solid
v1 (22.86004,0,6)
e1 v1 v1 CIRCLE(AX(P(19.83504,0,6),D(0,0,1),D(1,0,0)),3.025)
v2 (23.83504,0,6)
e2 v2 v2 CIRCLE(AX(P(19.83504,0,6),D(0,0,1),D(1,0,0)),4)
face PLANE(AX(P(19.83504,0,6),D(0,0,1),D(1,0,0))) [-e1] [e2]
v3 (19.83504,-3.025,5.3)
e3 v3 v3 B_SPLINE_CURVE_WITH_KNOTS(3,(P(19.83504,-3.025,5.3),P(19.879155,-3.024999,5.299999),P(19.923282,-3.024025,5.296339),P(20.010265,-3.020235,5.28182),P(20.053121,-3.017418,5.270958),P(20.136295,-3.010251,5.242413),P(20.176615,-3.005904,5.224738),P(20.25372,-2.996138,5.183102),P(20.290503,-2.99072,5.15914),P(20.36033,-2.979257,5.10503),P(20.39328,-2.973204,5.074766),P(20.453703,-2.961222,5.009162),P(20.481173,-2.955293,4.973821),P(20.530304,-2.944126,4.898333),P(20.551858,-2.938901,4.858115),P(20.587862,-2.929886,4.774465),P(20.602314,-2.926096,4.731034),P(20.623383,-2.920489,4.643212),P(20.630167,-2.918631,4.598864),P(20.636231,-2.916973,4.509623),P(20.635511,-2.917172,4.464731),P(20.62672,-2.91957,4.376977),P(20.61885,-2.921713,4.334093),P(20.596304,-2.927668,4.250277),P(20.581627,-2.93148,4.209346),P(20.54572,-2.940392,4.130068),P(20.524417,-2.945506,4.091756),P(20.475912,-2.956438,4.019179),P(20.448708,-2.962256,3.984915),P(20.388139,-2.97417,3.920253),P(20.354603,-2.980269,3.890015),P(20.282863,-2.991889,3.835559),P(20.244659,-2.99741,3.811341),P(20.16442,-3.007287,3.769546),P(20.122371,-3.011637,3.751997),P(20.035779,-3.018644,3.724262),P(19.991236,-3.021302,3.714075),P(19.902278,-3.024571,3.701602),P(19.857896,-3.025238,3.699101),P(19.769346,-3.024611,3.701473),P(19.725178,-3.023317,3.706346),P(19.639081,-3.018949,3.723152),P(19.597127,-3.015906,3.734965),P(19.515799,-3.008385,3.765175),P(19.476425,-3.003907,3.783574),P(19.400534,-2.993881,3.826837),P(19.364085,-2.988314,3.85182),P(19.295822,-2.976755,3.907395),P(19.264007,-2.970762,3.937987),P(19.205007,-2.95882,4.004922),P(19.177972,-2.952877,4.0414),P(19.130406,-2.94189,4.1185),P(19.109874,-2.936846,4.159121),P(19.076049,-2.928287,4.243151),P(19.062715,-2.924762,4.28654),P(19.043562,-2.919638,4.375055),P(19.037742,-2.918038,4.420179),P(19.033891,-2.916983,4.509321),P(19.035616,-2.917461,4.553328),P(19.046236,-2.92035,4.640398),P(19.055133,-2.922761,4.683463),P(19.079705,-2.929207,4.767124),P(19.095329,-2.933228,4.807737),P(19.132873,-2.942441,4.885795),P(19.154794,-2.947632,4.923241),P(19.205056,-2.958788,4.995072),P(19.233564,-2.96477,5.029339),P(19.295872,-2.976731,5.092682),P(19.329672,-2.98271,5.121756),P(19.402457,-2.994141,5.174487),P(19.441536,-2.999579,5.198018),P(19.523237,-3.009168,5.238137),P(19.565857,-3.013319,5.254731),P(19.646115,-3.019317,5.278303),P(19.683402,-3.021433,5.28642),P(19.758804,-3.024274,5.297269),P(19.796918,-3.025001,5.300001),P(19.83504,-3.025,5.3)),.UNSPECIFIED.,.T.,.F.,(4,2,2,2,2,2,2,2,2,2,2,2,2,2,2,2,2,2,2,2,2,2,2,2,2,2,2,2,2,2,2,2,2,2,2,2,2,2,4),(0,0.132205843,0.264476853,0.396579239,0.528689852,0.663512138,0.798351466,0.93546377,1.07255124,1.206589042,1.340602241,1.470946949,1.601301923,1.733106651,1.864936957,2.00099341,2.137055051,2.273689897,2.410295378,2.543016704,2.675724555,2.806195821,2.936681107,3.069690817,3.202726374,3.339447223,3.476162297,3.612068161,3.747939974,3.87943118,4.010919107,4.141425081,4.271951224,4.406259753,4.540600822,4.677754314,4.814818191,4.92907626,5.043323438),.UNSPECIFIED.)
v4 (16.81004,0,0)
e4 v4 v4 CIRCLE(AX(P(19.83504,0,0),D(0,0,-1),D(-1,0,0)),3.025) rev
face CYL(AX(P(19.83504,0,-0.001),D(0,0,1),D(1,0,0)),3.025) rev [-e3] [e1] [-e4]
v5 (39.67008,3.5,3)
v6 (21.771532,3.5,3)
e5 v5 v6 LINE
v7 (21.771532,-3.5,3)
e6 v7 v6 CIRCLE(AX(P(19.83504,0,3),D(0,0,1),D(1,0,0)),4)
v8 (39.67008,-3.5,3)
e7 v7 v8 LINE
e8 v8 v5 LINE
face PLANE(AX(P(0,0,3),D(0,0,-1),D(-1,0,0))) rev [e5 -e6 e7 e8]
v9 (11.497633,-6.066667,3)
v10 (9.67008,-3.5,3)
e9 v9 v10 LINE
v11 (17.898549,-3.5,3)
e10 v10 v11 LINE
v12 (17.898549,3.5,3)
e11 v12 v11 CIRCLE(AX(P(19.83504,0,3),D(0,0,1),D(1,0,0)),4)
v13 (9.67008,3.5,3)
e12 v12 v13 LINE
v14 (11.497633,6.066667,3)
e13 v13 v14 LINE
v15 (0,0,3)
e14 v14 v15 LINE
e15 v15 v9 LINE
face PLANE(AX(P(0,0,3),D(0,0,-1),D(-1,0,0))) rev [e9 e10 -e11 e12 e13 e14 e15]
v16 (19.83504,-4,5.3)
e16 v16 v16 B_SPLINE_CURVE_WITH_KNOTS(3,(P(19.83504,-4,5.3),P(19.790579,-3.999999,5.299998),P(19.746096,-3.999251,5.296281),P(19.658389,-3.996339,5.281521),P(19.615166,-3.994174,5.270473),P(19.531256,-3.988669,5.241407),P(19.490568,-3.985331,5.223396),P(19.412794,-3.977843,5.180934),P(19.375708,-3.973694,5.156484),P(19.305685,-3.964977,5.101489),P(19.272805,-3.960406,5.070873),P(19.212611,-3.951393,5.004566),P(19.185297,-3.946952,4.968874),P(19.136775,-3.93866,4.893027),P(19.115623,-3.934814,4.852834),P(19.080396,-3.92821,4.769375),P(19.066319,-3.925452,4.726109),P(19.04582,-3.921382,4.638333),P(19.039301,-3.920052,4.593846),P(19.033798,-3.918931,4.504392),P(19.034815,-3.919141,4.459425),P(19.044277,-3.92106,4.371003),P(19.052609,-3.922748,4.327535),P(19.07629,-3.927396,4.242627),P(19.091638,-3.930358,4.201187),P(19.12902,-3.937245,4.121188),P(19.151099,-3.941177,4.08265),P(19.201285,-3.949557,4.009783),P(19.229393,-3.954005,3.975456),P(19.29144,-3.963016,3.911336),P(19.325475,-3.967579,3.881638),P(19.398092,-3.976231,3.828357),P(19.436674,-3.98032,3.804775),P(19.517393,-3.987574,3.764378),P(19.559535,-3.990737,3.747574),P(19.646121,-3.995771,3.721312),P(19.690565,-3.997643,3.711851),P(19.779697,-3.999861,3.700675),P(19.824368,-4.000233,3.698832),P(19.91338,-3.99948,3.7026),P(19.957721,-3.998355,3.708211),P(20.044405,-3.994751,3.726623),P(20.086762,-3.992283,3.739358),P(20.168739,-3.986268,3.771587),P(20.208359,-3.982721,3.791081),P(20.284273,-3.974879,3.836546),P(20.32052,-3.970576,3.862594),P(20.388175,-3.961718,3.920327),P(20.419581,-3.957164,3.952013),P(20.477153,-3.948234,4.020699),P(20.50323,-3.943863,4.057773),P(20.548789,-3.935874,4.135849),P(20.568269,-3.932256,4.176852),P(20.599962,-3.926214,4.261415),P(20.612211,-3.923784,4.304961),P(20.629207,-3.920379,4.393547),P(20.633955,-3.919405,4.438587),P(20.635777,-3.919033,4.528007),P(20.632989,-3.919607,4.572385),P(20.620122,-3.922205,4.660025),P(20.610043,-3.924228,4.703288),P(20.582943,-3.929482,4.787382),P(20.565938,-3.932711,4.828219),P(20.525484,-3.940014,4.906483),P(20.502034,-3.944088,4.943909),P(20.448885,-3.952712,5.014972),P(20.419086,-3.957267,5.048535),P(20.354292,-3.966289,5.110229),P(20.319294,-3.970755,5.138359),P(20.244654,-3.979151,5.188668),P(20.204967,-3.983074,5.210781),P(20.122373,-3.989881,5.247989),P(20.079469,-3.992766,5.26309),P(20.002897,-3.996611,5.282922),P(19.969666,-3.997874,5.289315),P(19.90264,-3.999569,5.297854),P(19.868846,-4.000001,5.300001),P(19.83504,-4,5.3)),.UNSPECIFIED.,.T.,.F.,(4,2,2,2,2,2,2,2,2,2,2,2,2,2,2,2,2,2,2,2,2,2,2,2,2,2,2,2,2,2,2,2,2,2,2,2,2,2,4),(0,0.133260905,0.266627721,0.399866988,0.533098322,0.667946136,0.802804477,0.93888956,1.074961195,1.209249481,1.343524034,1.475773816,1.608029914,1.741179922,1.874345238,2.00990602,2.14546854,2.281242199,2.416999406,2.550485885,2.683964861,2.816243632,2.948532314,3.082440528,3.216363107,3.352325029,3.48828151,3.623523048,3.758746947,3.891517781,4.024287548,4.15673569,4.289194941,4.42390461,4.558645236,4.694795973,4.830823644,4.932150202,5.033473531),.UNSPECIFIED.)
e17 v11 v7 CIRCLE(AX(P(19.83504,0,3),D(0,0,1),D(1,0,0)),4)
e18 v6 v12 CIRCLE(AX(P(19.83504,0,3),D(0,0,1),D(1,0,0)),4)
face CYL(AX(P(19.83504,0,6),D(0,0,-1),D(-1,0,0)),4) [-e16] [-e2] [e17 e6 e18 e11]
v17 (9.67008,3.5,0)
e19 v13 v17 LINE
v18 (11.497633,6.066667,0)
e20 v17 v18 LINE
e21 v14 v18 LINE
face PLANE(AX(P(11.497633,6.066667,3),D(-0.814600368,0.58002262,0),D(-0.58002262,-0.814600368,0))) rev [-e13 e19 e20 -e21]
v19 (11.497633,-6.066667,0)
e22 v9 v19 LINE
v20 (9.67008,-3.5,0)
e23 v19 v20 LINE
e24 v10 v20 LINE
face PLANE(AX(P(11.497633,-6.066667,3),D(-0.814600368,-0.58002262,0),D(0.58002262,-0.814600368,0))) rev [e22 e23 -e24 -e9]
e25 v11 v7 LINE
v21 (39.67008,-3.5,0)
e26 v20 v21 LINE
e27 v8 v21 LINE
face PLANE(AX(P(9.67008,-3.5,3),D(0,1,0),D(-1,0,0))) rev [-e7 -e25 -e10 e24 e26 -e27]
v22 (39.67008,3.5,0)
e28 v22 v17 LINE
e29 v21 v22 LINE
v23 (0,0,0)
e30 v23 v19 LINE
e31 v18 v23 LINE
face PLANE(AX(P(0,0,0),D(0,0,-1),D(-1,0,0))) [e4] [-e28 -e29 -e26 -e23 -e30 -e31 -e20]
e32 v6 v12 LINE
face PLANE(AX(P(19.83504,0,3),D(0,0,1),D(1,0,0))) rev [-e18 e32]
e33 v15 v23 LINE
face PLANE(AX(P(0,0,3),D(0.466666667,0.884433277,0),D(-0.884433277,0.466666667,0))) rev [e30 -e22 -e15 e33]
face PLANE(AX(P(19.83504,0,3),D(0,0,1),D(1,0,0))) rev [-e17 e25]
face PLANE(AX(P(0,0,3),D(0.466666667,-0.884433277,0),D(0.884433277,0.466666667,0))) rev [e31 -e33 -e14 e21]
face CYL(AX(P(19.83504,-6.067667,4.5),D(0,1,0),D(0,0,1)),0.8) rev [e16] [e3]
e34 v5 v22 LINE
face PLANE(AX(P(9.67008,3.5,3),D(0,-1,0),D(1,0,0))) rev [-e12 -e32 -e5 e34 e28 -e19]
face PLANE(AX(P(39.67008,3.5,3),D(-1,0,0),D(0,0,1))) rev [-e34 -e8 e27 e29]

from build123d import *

# Parameters (mm, degrees)
BOSS_EXTRUDE1_DEPTH     = 3
SKETCH8_R               = 4
BOSS_EXTRUDE4_DEPTH     = 3
CUT_EXTRUDE5_REACH      = 42.577
SKETCH9_R               = 3.025
CUT_EXTRUDE6_REACH      = 42.577
CUT_EXTRUDE6_END_RADIUS = 4
SKETCH10_R              = 0.8


with BuildPart() as part:
    # Sketch3 → Boss-Extrude1 (new body)
    with BuildSketch(Plane.XY):
        Polygon((0, 0), (11.497632607, 6.066666667), (9.670080369, 3.5), (39.670080369, 3.5), (39.670080369, -3.5), (9.670080369, -3.5), (11.497632607, -6.066666667), align=None)
    extrude(amount=BOSS_EXTRUDE1_DEPTH)

    # Sketch8 → Boss-Extrude4 (add)
    with BuildSketch(Plane.XY.offset(3)):
        with Locations(Location((19.835040185, 0, 0), (0, 0, 118.955024372))):
            Circle(SKETCH8_R)
    extrude(amount=BOSS_EXTRUDE4_DEPTH)

    # Sketch9 → Cut-Extrude5 (cut, up to next)
    with BuildSketch(Plane.XY.offset(6), mode=Mode.PRIVATE) as cut_extrude5_sk1:
        with Locations((19.835040185, 0)):
            Circle(SKETCH9_R)
    cut_extrude5_tool1 = extrude(cut_extrude5_sk1.sketch, amount=-CUT_EXTRUDE5_REACH, mode=Mode.PRIVATE) & part.part
    add(cut_extrude5_tool1.solids().sort_by_distance((19.83504, 0, 6))[0], mode=Mode.SUBTRACT)

    # Cut-Extrude6: up to this cylinder (the profile starts inside it)
    cut_extrude6_end = Plane(origin=(19.835040185, 0, 4.5), z_dir=(0, 0, -1)) * Cylinder(CUT_EXTRUDE6_END_RADIUS, 94.154, mode=Mode.PRIVATE)
    # Sketch10 → Cut-Extrude6 (cut, up to the surface)
    with BuildSketch(Plane(origin=(0, 0, 0), x_dir=(1, 0, 0), z_dir=(0, 1, 0)), mode=Mode.PRIVATE) as cut_extrude6_sk1:
        with Locations(Location((19.835040185, -4.5, 0), (0, 0, 270))):
            Circle(SKETCH10_R)
    cut_extrude6_tool1 = extrude(cut_extrude6_sk1.sketch, amount=-CUT_EXTRUDE6_REACH, mode=Mode.PRIVATE) & cut_extrude6_end
    add(cut_extrude6_tool1.solids().sort_by_distance((19.83504, 0, 4.5))[0], mode=Mode.SUBTRACT)


solid = part.part
